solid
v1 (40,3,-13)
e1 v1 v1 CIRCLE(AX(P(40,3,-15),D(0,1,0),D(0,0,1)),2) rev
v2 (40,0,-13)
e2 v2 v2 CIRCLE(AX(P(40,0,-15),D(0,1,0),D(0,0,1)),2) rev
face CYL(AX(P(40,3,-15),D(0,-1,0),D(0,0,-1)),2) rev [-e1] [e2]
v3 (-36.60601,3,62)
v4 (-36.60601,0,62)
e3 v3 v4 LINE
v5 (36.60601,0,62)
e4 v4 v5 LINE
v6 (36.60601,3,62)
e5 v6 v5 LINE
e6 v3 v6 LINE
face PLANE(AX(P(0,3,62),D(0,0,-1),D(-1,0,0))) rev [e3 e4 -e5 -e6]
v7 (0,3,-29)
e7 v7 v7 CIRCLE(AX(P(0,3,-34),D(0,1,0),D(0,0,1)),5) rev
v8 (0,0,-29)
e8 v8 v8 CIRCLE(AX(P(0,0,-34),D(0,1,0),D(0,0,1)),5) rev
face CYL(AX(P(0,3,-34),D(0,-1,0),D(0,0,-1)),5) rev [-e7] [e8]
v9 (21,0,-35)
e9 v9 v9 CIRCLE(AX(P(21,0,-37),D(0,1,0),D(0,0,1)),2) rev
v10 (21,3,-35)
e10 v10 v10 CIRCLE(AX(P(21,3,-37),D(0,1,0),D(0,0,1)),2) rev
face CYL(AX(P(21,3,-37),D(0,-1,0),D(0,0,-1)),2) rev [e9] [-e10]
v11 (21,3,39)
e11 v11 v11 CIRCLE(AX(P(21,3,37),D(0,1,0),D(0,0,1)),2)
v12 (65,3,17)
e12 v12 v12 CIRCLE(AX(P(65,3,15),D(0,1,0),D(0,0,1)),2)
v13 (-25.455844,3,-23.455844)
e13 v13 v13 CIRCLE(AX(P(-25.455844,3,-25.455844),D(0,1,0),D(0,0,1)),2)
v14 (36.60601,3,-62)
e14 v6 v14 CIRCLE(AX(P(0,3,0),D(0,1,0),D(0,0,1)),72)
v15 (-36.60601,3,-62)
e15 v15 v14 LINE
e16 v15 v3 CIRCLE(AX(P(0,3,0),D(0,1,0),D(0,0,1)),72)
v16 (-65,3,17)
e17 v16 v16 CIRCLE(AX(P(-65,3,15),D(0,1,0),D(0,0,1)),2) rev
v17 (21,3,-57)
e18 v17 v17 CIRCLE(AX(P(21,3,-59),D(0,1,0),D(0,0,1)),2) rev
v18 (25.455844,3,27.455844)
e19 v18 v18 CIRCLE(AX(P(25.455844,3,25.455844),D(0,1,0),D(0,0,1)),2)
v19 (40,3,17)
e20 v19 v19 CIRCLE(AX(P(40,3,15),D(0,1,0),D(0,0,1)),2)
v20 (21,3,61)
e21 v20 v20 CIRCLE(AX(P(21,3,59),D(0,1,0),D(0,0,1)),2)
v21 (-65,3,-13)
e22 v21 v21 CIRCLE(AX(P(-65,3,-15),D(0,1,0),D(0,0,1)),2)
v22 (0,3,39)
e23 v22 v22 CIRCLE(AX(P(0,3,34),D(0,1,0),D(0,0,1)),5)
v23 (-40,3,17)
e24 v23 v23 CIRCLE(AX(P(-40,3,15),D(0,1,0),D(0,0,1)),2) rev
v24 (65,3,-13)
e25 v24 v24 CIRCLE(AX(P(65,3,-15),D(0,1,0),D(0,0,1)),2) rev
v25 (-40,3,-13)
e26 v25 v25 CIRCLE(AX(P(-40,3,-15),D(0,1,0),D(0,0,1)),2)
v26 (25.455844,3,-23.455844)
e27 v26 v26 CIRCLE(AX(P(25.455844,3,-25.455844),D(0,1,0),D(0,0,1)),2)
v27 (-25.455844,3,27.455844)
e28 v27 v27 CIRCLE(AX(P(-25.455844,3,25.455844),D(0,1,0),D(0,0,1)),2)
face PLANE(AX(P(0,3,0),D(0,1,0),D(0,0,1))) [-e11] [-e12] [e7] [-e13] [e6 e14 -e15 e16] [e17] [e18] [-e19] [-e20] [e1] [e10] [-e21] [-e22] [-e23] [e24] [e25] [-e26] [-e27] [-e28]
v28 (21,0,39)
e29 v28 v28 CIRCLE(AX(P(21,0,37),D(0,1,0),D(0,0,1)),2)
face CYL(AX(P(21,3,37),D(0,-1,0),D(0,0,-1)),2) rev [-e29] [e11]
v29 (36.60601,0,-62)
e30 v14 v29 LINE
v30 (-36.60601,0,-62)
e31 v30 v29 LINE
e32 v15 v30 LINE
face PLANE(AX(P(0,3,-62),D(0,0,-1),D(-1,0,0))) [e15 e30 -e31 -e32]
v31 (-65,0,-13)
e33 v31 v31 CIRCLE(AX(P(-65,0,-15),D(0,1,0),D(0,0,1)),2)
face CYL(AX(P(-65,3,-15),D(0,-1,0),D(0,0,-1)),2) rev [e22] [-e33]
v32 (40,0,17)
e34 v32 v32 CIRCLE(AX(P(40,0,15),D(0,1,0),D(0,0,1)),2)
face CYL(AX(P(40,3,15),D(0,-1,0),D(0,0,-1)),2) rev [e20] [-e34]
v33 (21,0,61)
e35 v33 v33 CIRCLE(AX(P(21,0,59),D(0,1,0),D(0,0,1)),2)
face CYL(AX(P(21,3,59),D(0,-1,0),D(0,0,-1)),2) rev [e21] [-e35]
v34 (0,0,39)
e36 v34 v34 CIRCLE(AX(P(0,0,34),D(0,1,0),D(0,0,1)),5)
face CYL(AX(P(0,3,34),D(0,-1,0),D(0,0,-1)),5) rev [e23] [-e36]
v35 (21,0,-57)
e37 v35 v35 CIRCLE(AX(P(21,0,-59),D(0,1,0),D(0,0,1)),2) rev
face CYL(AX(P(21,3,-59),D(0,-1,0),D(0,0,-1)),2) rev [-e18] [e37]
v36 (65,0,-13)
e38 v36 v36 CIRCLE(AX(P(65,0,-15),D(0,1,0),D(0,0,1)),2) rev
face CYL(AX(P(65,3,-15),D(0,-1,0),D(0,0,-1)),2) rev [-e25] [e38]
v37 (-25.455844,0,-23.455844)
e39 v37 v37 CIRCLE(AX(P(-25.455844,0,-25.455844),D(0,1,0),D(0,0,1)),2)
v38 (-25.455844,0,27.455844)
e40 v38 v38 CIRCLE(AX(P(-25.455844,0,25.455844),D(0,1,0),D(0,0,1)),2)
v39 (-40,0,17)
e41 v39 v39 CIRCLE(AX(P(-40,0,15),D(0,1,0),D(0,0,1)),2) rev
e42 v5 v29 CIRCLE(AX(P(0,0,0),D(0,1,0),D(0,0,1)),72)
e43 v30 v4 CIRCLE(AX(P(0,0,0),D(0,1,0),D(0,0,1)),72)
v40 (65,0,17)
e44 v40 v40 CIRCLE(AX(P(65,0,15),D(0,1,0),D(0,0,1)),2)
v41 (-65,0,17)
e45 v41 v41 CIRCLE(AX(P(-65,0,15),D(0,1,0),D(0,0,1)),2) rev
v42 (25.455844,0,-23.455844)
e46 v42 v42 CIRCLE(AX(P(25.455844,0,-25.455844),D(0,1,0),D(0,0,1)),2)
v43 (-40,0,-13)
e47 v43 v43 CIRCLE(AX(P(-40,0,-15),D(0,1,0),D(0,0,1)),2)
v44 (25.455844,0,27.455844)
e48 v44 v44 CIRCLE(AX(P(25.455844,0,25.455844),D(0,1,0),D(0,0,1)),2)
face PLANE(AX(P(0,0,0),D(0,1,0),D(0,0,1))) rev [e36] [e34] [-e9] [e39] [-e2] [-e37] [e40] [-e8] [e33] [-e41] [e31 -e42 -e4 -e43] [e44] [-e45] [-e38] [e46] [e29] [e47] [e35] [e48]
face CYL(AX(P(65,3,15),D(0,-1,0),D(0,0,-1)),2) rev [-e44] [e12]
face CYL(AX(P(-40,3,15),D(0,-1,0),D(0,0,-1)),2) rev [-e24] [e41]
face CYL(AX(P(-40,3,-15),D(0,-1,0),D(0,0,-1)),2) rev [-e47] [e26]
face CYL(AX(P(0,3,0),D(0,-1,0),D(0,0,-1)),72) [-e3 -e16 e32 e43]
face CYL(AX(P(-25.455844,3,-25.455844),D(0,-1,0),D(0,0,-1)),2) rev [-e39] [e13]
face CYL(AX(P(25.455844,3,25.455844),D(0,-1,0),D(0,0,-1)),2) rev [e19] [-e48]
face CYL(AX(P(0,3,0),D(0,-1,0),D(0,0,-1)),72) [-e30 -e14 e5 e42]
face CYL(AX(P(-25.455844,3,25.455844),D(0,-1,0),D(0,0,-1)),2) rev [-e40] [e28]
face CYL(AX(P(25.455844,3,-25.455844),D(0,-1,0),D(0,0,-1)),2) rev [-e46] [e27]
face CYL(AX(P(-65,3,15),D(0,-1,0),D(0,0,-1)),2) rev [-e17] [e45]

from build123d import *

# Parameters (mm, degrees)
SKETCH1_R           = 2
SKETCH1_R_2         = 5
BOSS_EXTRUDE2_DEPTH = 3


with BuildPart() as part:
    # Sketch1 → Boss-Extrude2 (new body)
    # profile 1 of 2: a face of its own
    with BuildSketch(Plane(origin=(0, 0, 0), x_dir=(1, 0, 0), z_dir=(0, 1, 0))):
        with BuildLine():
            Line((-36.606010435, -62), (0, -62))
            Line((0, -62), (21, -62))
            Line((21, -62), (21, -61))
            ThreePointArc((21, -61), (19, -59), (21, -57))
            Line((21, -57), (21, -39))
            ThreePointArc((21, -39), (19, -37), (21, -35))
            Line((21, -35), (21, 35))
            ThreePointArc((21, 35), (19, 37), (21, 39))
            Line((21, 39), (21, 57))
            ThreePointArc((21, 57), (19, 59), (21, 61))
            Line((21, 61), (21, 62))
            Line((21, 62), (-36.606010435, 62))
            ThreePointArc((-36.606010435, 62), (-72, 0), (-36.606010435, -62))
        make_face()
        with Locations(Location((-65, -15, 0), (0, 0, 270))):
            Circle(SKETCH1_R, mode=Mode.SUBTRACT)
        with Locations(Location((-40, -15, 0), (0, 0, 270))):
            Circle(SKETCH1_R, mode=Mode.SUBTRACT)
        with Locations(Location((-25.455844123, -25.455844123, 0), (0, 0, 270))):
            Circle(SKETCH1_R, mode=Mode.SUBTRACT)
        with Locations(Location((0, -34, 0), (0, 0, 270))):
            Circle(SKETCH1_R_2, mode=Mode.SUBTRACT)
        with Locations(Location((-65, 15, 0), (0, 0, 270))):
            Circle(SKETCH1_R, mode=Mode.SUBTRACT)
        with Locations(Location((-40, 15, 0), (0, 0, 270))):
            Circle(SKETCH1_R, mode=Mode.SUBTRACT)
        with Locations(Location((-25.455844123, 25.455844123, 0), (0, 0, 270))):
            Circle(SKETCH1_R, mode=Mode.SUBTRACT)
        with Locations(Location((0, 34, 0), (0, 0, 270))):
            Circle(SKETCH1_R_2, mode=Mode.SUBTRACT)
    # profile 2 of 2: a face of its own
    with BuildSketch(Plane(origin=(0, 0, 0), x_dir=(1, 0, 0), z_dir=(0, 1, 0))):
        with BuildLine():
            Line((21, -62), (36.606010435, -62))
            ThreePointArc((36.606010435, -62), (62.528524496, -35.695708766), (72, 0))
            ThreePointArc((72, 0), (62.528524496, 35.695708766), (36.606010435, 62))
            Line((36.606010435, 62), (21, 62))
            Line((21, 62), (21, 61))
            ThreePointArc((21, 61), (22.414213562, 60.414213562), (23, 59))
            ThreePointArc((23, 59), (22.414213562, 57.585786438), (21, 57))
            Line((21, 57), (21, 39))
            ThreePointArc((21, 39), (22.414213562, 38.414213562), (23, 37))
            ThreePointArc((23, 37), (22.414213562, 35.585786438), (21, 35))
            Line((21, 35), (21, -35))
            ThreePointArc((21, -35), (22.414213562, -35.585786438), (23, -37))
            ThreePointArc((23, -37), (22.414213562, -38.414213562), (21, -39))
            Line((21, -39), (21, -57))
            ThreePointArc((21, -57), (22.414213562, -57.585786438), (23, -59))
            ThreePointArc((23, -59), (22.414213562, -60.414213562), (21, -61))
            Line((21, -61), (21, -62))
        make_face()
        with Locations(Location((25.455844123, -25.455844123, 0), (0, 0, 270))):
            Circle(SKETCH1_R, mode=Mode.SUBTRACT)
        with Locations(Location((40, -15, 0), (0, 0, 270))):
            Circle(SKETCH1_R, mode=Mode.SUBTRACT)
        with Locations(Location((65, -15, 0), (0, 0, 270))):
            Circle(SKETCH1_R, mode=Mode.SUBTRACT)
        with Locations(Location((25.455844123, 25.455844123, 0), (0, 0, 270))):
            Circle(SKETCH1_R, mode=Mode.SUBTRACT)
        with Locations(Location((40, 15, 0), (0, 0, 270))):
            Circle(SKETCH1_R, mode=Mode.SUBTRACT)
        with Locations(Location((65, 15, 0), (0, 0, 270))):
            Circle(SKETCH1_R, mode=Mode.SUBTRACT)
    extrude(amount=BOSS_EXTRUDE2_DEPTH)


solid = part.part
